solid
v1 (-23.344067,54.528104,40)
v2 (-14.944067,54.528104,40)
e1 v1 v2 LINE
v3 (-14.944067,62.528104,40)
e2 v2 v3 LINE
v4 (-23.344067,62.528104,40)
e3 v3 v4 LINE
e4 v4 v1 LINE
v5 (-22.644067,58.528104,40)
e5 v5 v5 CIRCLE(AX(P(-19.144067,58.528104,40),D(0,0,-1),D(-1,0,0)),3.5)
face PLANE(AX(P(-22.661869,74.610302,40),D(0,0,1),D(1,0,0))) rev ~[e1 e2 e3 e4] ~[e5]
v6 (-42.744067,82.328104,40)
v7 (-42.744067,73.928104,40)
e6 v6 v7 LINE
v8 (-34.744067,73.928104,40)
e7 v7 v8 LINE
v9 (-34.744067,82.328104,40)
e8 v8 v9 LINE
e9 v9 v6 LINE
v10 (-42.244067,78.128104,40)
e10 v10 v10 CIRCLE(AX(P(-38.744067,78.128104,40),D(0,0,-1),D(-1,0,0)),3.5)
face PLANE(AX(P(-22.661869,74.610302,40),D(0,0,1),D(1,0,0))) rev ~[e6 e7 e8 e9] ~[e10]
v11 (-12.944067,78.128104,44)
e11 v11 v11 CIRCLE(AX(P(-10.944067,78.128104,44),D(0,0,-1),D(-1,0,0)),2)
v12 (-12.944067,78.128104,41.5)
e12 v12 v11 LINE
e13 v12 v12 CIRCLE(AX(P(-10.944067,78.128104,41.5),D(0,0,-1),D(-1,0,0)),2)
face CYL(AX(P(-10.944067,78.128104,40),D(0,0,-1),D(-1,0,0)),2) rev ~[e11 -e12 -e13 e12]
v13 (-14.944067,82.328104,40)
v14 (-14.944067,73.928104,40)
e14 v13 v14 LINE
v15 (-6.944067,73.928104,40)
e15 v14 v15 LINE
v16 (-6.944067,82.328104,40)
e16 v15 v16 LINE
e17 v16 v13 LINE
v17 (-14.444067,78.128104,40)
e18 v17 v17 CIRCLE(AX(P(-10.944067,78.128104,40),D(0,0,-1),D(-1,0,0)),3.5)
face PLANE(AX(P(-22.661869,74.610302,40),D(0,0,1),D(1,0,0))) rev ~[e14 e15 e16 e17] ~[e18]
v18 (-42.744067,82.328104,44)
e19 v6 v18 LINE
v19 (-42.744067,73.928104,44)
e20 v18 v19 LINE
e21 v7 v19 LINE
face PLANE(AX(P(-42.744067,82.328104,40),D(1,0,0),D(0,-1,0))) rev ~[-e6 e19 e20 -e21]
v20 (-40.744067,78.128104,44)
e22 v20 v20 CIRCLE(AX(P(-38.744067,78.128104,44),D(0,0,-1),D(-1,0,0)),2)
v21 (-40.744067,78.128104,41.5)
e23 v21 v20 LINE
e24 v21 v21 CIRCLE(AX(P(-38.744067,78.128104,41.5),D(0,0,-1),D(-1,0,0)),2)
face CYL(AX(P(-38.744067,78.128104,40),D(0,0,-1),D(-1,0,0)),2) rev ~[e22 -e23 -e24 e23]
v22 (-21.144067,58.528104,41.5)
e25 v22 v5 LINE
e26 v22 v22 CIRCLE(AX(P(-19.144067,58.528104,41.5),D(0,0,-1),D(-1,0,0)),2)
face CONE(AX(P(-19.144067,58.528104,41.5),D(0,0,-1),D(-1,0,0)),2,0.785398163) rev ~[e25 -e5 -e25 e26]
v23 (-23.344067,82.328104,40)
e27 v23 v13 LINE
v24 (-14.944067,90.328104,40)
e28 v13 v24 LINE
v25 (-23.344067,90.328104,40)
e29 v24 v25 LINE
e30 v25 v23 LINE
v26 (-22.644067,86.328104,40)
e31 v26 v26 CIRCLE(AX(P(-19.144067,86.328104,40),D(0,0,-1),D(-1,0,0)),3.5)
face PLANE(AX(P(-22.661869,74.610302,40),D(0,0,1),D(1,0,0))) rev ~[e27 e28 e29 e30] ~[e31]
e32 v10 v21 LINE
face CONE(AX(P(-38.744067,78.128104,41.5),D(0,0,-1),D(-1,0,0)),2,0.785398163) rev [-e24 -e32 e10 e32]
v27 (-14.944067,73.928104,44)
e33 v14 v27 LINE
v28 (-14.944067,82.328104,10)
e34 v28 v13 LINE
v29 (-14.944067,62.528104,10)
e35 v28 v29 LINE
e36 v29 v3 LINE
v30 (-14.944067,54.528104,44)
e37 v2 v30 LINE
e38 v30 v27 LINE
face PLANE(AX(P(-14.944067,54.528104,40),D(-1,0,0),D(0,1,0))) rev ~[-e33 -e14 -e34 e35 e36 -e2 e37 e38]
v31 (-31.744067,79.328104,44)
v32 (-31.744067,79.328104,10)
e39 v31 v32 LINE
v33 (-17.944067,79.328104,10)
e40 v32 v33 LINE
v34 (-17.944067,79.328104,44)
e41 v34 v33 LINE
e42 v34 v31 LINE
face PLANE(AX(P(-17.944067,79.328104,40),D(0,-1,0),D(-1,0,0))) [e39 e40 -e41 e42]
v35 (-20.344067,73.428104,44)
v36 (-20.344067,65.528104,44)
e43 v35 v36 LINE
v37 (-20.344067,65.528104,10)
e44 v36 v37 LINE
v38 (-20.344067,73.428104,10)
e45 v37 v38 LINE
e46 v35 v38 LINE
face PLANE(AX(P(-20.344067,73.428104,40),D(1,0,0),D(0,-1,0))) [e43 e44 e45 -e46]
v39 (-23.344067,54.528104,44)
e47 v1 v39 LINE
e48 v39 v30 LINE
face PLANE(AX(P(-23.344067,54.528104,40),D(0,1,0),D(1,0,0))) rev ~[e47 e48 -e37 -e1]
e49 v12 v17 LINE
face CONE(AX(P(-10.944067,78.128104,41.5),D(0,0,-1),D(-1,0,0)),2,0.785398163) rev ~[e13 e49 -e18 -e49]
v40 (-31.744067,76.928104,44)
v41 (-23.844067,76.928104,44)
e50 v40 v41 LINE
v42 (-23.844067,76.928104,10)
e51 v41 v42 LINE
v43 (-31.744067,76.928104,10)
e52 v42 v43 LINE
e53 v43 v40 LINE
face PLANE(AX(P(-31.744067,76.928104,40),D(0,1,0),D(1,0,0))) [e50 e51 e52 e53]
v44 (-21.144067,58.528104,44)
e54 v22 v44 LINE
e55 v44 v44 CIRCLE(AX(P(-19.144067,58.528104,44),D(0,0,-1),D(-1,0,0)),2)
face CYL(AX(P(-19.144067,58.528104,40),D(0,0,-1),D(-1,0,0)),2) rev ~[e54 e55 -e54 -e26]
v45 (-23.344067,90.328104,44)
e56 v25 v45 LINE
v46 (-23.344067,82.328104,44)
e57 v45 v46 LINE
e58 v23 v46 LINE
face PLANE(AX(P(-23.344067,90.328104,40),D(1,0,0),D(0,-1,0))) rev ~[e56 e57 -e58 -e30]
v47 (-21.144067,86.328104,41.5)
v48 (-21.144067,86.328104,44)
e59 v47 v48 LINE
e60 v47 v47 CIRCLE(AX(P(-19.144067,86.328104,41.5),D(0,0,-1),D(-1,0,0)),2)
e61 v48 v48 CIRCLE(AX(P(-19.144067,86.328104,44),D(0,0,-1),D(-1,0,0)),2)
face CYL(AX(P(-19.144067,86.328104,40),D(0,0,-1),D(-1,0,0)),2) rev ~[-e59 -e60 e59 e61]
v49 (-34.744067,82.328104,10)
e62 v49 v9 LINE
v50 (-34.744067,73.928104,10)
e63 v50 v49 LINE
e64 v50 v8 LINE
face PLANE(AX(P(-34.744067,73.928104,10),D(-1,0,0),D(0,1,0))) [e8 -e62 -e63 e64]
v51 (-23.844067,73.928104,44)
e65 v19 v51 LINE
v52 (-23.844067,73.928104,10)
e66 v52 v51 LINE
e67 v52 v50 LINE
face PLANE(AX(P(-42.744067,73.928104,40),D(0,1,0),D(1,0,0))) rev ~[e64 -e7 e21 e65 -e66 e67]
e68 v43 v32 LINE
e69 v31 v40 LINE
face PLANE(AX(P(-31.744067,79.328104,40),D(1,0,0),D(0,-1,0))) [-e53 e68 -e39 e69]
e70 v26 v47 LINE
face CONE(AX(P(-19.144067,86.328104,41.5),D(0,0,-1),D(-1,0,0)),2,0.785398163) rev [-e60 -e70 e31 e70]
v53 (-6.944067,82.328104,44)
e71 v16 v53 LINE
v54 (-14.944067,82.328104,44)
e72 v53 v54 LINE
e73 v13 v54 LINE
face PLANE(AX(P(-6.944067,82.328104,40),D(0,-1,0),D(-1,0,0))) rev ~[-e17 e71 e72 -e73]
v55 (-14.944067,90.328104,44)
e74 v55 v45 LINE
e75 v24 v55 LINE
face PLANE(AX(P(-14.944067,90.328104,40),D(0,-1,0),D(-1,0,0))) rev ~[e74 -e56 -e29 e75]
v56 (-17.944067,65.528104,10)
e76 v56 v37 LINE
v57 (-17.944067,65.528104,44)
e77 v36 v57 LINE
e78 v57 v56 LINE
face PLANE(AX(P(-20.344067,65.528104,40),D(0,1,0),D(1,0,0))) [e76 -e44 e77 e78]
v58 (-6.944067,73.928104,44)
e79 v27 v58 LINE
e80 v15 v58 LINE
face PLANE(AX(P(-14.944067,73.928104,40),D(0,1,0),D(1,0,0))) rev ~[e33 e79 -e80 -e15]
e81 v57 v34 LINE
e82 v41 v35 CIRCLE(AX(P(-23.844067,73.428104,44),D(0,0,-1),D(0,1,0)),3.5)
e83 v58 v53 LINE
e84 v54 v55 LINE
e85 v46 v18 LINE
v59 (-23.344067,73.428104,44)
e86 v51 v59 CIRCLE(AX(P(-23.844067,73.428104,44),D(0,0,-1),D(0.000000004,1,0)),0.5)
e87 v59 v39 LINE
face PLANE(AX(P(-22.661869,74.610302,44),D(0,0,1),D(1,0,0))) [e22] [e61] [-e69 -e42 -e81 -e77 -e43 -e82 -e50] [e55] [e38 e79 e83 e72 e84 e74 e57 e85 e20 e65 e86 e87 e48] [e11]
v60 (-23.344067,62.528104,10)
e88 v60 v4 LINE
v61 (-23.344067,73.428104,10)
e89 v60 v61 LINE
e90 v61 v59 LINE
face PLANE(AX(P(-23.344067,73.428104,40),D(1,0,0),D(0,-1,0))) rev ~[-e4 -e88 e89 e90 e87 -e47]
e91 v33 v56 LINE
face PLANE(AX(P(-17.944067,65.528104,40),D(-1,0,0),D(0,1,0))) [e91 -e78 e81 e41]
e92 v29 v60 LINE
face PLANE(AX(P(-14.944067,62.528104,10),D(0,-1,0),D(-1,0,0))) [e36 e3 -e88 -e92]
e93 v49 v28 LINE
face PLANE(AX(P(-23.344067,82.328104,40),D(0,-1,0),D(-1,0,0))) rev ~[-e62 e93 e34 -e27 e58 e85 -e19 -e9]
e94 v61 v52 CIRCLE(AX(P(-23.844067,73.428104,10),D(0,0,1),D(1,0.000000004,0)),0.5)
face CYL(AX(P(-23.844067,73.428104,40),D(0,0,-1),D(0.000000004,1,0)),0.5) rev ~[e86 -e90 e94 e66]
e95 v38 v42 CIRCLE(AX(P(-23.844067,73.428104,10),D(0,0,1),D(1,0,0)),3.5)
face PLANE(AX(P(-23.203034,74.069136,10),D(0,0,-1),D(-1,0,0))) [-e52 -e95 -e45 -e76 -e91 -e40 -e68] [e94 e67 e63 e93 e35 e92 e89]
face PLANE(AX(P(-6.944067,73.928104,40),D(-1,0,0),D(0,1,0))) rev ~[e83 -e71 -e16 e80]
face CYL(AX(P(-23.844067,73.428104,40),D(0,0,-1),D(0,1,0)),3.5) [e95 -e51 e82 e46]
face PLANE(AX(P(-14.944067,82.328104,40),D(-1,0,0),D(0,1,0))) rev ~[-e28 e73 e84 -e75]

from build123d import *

# Parameters (mm, degrees)
BOSS_EXTRUDE1_DEPTH = 30
BOSS_EXTRUDE2_DEPTH = 4
SKETCH4_R           = 2
CUT_EXTRUDE1_DEPTH  = 4
CHAMFER1_SIZE       = 1.5


with BuildPart() as part:
    # Sketch2 → Boss-Extrude1 (new body)
    with BuildSketch(Plane.XY.offset(10)):
        with BuildLine():
            Line((-14.944066591, 82.328103542), (-14.944066591, 62.528103542))
            Line((-14.944066591, 62.528103542), (-23.344066591, 62.528103542))
            Line((-23.344066591, 62.528103542), (-23.344066591, 73.428103542))
            ThreePointArc((-23.344066591, 73.428103542), (-23.490513201, 73.781656932), (-23.844066591, 73.928103542))
            Line((-23.844066591, 73.928103542), (-34.744066591, 73.928103542))
            Line((-34.744066591, 73.928103542), (-34.744066591, 82.328103542))
            Line((-34.744066591, 82.328103542), (-14.944066591, 82.328103542))
        make_face()
        with BuildLine():
            Line((-17.944066591, 79.328103542), (-17.944066591, 65.528103542))
            Line((-17.944066591, 65.528103542), (-20.344066591, 65.528103542))
            Line((-20.344066591, 65.528103542), (-20.344066591, 73.428103542))
            ThreePointArc((-20.344066591, 73.428103542), (-21.369192857, 75.902977276), (-23.844066591, 76.928103542))
            Line((-23.844066591, 76.928103542), (-31.744066591, 76.928103542))
            Line((-31.744066591, 76.928103542), (-31.744066591, 79.328103542))
            Line((-31.744066591, 79.328103542), (-17.944066591, 79.328103542))
        make_face(mode=Mode.SUBTRACT)
    extrude(amount=BOSS_EXTRUDE1_DEPTH)

    # Sketch3 → Boss-Extrude2 (add)
    with BuildSketch(Plane.XY.offset(40)):
        with BuildLine():
            Line((-34.744066591, 82.328103542), (-42.744066591, 82.328103542))
            Line((-42.744066591, 82.328103542), (-42.744066591, 73.928103542))
            Line((-42.744066591, 73.928103542), (-34.744066591, 73.928103542))
            Line((-34.744066591, 73.928103542), (-23.844066591, 73.928103542))
            ThreePointArc((-23.844066591, 73.928103542), (-23.490513201, 73.781656932), (-23.344066591, 73.428103542))
            Line((-23.344066591, 73.428103542), (-23.344066591, 62.528103542))
            Line((-23.344066591, 62.528103542), (-23.344066591, 54.528103542))
            Line((-23.344066591, 54.528103542), (-14.944066591, 54.528103542))
            Line((-14.944066591, 54.528103542), (-14.944066591, 62.528103542))
            Line((-14.944066591, 62.528103542), (-14.944066591, 73.928103542))
            Line((-14.944066591, 73.928103542), (-6.944066591, 73.928103542))
            Line((-6.944066591, 73.928103542), (-6.944066591, 82.328103542))
            Line((-6.944066591, 82.328103542), (-14.944066591, 82.328103542))
            Line((-14.944066591, 82.328103542), (-14.944066591, 90.328103542))
            Line((-14.944066591, 90.328103542), (-23.344066591, 90.328103542))
            Line((-23.344066591, 90.328103542), (-23.344066591, 82.328103542))
            Line((-23.344066591, 82.328103542), (-34.744066591, 82.328103542))
        make_face()
        with BuildLine():
            Line((-31.744066591, 76.928103542), (-23.844066591, 76.928103542))
            ThreePointArc((-23.844066591, 76.928103542), (-21.369192857, 75.902977276), (-20.344066591, 73.428103542))
            Line((-20.344066591, 73.428103542), (-20.344066591, 65.528103542))
            Line((-20.344066591, 65.528103542), (-17.944066591, 65.528103542))
            Line((-17.944066591, 65.528103542), (-17.944066591, 79.328103542))
            Line((-17.944066591, 79.328103542), (-31.744066591, 79.328103542))
            Line((-31.744066591, 79.328103542), (-31.744066591, 76.928103542))
        make_face(mode=Mode.SUBTRACT)
    extrude(amount=BOSS_EXTRUDE2_DEPTH)

    # Sketch4 → Cut-Extrude1 (cut)
    with BuildSketch(Plane(origin=(0, 0, 40), x_dir=(-1, 0, 0), z_dir=(0, 0, -1))):
        with Locations((19.144066591, 86.328103542)):
            Circle(SKETCH4_R)
        with Locations((10.944066591, 78.128103542)):
            Circle(SKETCH4_R)
        with Locations((38.744066591, 78.128103542)):
            Circle(SKETCH4_R)
        with Locations((19.144066591, 58.528103542)):
            Circle(SKETCH4_R)
    extrude(amount=-CUT_EXTRUDE1_DEPTH, mode=Mode.SUBTRACT)

    # Chamfer1
    chamfer1_edges = [part.edges().sort_by_distance(p)[0] for p in [
        (-17.144066591, 86.328103542, 40),
        (-8.944066591, 78.128103542, 40),
        (-36.744066591, 78.128103542, 40),
        (-17.144066591, 58.528103542, 40),
    ]]
    chamfer(chamfer1_edges, length=CHAMFER1_SIZE)


solid = part.part
